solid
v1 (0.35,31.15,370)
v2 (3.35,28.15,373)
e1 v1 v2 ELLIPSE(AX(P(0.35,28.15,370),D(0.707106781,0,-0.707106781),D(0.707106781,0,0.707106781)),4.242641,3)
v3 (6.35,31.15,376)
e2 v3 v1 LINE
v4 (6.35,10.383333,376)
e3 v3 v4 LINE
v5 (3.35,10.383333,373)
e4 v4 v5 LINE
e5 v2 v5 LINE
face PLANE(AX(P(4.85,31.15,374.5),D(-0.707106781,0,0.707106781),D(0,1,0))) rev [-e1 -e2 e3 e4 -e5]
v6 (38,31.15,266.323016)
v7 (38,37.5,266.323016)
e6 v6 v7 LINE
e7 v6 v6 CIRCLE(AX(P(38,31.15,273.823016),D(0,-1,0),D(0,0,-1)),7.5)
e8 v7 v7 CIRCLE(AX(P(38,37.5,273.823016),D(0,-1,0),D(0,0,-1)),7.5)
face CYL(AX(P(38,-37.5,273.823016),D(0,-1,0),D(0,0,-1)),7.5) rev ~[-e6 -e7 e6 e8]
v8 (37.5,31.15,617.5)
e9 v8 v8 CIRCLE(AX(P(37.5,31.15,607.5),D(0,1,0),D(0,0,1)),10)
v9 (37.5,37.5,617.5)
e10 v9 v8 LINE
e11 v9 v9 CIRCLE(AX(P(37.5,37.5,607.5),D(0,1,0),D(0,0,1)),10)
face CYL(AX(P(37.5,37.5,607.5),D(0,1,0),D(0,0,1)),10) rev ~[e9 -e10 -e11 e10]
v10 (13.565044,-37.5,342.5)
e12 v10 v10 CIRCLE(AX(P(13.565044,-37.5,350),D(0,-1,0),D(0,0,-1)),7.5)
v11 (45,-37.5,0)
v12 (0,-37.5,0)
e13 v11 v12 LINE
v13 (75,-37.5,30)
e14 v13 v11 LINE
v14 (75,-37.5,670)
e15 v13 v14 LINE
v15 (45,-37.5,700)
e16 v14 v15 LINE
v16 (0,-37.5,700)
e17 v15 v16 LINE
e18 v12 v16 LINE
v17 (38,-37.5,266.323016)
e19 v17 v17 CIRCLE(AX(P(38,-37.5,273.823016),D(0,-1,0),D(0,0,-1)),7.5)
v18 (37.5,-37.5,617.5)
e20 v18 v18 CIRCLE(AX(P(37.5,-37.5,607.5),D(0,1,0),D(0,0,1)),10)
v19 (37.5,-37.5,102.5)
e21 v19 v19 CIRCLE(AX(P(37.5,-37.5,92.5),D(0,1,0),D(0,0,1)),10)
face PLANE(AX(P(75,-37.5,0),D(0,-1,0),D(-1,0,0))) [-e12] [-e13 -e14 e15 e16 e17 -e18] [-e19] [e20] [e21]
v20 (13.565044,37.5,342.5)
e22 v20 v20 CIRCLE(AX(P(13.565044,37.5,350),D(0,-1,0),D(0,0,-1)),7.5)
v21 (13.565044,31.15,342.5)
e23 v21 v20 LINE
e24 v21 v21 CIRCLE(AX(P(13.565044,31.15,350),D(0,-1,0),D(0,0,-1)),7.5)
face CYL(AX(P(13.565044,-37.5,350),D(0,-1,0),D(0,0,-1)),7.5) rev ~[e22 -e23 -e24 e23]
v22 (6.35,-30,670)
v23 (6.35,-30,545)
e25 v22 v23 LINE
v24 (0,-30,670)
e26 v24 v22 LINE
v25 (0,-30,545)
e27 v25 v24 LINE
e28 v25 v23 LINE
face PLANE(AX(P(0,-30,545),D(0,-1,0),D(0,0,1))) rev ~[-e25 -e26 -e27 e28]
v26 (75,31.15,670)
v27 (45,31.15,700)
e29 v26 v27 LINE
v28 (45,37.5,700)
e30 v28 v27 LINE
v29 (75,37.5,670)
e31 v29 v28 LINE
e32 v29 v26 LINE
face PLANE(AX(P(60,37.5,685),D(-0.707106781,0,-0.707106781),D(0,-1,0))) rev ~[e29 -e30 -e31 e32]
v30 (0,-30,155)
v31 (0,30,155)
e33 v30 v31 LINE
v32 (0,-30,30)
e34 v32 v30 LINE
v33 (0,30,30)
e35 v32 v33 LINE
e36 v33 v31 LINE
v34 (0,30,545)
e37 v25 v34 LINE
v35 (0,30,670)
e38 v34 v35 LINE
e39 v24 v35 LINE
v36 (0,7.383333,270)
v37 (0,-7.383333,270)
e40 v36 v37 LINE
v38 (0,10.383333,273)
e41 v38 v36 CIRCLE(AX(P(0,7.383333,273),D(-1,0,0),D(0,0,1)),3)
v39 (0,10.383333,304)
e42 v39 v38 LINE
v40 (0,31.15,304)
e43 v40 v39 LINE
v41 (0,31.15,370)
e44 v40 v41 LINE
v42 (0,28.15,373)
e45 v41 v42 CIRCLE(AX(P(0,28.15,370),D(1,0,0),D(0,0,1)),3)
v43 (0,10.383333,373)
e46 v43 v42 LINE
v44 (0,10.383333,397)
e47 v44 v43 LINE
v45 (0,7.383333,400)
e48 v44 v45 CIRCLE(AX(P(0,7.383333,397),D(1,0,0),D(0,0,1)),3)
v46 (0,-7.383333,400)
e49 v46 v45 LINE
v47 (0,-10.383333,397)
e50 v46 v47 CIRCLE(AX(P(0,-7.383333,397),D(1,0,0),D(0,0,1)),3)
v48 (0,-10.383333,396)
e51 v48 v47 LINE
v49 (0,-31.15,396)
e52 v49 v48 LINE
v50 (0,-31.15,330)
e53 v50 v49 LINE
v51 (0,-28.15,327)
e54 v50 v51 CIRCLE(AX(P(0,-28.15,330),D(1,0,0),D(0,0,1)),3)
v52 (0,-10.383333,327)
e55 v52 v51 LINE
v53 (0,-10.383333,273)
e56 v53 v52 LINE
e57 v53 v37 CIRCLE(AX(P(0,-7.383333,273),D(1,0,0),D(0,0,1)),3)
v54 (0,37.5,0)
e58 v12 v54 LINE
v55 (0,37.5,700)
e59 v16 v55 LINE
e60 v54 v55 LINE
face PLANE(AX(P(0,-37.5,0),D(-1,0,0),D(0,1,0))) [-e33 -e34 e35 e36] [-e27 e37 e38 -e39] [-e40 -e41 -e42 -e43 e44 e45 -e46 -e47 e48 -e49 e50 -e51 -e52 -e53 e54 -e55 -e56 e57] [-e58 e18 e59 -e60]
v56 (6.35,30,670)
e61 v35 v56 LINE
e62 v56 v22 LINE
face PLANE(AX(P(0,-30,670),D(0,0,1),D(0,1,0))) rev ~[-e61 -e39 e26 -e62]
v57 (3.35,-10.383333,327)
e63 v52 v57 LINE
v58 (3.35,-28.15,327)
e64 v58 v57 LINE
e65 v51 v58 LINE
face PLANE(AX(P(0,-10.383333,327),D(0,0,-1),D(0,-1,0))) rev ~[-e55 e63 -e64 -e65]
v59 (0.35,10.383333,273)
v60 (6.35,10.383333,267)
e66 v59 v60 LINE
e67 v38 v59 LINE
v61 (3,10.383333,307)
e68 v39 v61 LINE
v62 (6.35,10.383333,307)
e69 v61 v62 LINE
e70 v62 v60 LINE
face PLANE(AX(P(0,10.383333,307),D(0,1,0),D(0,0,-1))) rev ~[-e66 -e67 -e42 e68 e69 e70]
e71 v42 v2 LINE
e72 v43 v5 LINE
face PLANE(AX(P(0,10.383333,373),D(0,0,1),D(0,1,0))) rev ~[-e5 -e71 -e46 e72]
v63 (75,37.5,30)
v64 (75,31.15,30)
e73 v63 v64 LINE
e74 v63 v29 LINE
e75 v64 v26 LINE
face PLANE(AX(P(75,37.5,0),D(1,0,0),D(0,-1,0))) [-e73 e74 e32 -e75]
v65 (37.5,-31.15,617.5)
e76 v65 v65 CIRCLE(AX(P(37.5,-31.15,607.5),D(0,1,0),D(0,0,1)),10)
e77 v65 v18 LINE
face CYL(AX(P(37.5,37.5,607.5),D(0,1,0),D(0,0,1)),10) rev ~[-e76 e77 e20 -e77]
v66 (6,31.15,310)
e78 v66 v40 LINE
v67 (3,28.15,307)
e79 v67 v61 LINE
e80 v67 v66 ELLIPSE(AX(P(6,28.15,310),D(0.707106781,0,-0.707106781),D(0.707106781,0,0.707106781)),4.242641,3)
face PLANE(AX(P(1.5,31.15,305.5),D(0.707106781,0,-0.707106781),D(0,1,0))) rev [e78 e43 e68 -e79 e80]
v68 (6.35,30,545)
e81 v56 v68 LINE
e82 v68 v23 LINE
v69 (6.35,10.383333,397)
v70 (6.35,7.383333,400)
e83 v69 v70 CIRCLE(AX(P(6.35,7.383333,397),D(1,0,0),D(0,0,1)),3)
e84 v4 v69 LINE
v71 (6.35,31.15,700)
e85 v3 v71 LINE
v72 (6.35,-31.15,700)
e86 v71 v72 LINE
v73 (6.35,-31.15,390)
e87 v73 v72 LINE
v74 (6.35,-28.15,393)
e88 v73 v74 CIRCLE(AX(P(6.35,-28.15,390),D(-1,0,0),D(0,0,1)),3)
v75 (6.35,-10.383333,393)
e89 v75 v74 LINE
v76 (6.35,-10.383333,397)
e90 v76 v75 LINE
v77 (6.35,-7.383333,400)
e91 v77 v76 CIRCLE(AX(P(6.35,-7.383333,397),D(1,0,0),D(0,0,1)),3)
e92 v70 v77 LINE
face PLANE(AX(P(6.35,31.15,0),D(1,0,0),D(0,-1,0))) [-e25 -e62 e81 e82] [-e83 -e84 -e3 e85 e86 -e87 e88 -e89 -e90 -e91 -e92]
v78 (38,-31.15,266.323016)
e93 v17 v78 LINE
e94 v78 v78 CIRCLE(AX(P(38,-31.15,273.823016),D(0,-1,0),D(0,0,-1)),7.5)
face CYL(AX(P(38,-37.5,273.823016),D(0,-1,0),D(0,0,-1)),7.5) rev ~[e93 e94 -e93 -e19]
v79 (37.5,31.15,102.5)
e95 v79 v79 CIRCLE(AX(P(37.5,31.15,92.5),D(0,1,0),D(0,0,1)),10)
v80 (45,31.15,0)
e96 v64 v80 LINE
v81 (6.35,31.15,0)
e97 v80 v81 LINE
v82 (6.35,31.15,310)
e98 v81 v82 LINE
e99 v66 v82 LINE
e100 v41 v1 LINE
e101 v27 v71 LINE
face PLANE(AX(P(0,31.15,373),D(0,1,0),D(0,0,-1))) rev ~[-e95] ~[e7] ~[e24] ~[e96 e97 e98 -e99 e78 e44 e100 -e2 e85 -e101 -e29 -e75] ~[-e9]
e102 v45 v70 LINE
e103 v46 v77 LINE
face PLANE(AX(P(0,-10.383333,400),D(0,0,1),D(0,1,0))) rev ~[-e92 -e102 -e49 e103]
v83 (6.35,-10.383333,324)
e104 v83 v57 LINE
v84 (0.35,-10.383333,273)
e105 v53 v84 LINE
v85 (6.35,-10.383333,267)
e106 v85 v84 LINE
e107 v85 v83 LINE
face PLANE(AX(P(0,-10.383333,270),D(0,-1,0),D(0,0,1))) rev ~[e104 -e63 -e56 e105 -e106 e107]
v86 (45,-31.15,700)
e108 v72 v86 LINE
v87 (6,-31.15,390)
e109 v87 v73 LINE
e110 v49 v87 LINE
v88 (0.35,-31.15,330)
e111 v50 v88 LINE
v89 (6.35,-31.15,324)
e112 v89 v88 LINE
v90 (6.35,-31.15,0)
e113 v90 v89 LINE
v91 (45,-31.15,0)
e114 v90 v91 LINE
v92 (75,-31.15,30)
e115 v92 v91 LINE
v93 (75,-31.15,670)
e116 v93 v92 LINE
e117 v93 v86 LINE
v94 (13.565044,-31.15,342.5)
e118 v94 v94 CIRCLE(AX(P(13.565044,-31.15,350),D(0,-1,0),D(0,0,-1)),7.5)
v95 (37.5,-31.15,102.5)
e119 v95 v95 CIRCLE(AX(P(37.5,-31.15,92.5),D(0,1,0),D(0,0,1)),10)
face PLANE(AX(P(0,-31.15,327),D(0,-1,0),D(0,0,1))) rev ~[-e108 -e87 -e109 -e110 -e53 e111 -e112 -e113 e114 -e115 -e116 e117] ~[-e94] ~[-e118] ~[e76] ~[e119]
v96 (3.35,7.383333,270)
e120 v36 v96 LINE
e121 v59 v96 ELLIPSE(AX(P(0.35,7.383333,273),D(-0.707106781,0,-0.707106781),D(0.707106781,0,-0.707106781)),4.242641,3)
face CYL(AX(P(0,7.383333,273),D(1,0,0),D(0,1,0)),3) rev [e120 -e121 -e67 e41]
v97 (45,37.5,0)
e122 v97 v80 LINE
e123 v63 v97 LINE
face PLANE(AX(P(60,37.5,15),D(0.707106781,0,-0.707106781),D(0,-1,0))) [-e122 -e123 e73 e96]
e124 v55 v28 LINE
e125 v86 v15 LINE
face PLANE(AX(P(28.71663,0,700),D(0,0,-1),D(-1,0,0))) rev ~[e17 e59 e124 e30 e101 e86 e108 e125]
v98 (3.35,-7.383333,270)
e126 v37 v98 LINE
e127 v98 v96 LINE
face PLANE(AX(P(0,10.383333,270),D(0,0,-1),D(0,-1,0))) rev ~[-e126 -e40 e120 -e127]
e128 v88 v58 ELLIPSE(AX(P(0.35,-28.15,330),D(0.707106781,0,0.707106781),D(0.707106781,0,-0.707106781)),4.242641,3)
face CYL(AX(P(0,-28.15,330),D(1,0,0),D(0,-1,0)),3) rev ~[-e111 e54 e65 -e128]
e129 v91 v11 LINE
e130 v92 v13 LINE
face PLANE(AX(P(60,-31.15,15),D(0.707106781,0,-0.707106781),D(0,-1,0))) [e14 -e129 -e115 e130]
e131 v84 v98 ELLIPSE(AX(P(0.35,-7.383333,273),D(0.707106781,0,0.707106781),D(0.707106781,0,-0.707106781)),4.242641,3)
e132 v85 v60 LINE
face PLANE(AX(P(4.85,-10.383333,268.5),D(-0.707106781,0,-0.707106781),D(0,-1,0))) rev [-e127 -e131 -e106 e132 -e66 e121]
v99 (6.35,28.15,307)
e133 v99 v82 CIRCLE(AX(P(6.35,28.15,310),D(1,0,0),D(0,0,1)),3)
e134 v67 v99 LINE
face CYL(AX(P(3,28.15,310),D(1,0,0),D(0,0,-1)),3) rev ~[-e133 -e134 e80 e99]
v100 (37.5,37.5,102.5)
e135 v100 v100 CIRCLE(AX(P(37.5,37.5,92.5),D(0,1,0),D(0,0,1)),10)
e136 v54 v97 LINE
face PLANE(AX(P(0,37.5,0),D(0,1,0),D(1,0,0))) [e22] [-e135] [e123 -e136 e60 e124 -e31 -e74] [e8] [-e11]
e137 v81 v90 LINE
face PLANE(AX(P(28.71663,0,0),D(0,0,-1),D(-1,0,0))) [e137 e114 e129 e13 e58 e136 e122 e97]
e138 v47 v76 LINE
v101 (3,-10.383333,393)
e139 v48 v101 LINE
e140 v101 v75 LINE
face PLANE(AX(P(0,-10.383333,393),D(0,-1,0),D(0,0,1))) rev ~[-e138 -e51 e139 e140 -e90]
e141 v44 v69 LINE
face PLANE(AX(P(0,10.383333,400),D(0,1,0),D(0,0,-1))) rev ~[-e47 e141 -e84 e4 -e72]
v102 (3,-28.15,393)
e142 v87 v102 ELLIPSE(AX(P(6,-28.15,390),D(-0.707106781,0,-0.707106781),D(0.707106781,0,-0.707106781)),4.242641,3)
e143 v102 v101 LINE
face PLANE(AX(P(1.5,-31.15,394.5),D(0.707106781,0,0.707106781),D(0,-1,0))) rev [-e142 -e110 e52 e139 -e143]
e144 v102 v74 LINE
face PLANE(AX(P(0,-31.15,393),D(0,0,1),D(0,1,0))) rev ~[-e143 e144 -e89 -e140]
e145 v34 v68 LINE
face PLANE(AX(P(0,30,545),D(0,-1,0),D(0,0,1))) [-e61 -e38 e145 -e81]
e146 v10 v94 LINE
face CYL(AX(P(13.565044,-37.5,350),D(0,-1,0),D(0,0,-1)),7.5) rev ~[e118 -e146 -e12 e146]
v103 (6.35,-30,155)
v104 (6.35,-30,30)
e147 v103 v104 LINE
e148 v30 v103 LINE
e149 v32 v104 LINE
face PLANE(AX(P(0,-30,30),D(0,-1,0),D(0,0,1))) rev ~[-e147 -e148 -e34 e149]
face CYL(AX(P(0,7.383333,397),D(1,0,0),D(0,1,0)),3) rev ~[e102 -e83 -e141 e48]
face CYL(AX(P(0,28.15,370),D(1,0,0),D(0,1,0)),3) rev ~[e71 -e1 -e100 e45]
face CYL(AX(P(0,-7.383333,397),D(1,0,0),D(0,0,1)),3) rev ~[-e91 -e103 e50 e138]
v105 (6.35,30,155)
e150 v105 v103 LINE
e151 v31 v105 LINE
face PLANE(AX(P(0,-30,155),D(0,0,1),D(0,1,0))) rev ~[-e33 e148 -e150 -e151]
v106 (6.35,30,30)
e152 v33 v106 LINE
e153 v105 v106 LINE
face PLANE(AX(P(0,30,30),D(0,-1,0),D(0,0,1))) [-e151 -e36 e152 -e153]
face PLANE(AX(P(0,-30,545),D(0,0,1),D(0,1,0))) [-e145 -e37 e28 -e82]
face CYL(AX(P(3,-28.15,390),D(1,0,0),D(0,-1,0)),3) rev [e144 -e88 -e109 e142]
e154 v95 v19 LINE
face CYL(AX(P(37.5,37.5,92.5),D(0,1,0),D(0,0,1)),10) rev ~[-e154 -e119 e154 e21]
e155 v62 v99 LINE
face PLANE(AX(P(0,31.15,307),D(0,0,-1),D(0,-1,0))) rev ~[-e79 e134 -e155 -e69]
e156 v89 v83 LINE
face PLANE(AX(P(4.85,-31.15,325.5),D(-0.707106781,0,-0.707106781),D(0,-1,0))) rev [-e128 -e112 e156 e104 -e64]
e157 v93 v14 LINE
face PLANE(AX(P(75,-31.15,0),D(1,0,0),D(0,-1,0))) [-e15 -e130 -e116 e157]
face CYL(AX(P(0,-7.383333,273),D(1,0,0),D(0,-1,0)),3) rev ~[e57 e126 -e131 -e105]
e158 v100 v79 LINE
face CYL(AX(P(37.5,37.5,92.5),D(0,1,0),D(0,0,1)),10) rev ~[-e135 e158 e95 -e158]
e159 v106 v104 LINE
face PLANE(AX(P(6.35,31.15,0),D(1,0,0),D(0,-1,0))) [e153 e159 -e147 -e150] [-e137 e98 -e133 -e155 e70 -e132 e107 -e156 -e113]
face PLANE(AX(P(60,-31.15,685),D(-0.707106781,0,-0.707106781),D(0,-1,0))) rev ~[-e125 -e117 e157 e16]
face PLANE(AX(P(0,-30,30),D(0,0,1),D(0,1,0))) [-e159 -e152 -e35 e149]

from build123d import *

# Parameters (mm, degrees)
BOSS_EXTRUDE1_DEPTH = 700
SKETCH3_W           = 125
SKETCH3_H           = 60
CUT_EXTRUDE1_DEPTH  = 706.00443261
CHAMFER1_SIZE       = 30
SKETCH4_R           = 10
CUT_EXTRUDE2_DEPTH  = 708.990112925
SKETCH5_R           = 7.5
CUT_EXTRUDE3_DEPTH  = 708.990112925
CHAMFER2_SIZE       = 3
FILLET1_R           = 3


with BuildPart() as part:
    # Sketch1 → Boss-Extrude1 (new body)
    with BuildSketch(Plane.XY):
        Polygon((0, -37.5), (0, 37.5), (75, 37.5), (75, 31.15), (6.35, 31.15), (6.35, -31.15), (75, -31.15), (75, -37.5), align=None)
    extrude(amount=BOSS_EXTRUDE1_DEPTH)

    # Sketch3 → Cut-Extrude1 (cut, through all)
    with BuildSketch(Plane.ZY):
        with Locations((92.5, 0)):
            Rectangle(SKETCH3_W, SKETCH3_H)
        with Locations((607.5, 0)):
            Rectangle(SKETCH3_W, SKETCH3_H)
        Polygon((400, 10.383333333), (373, 10.383333333), (373, 31.15), (327, 31.15), (307, 31.15), (307, 10.383333333), (300, 10.383333333), (270, 10.383333333), (270, -10.383333333), (300, -10.383333333), (327, -10.383333333), (327, -31.15), (373, -31.15), (393, -31.15), (393, -10.383333333), (400, -10.383333333), align=None)
    extrude(amount=-CUT_EXTRUDE1_DEPTH, mode=Mode.SUBTRACT)

    # Chamfer1
    chamfer1_edges = [part.edges().sort_by_distance(p)[0] for p in [
        (75, -34.325, 0),
        (75, 34.325, 700),
        (75, -34.325, 700),
        (75, 34.325, 0),
    ]]
    chamfer(chamfer1_edges, length=CHAMFER1_SIZE)

    # Sketch4 → Cut-Extrude2 (cut, through all)
    with BuildSketch(Plane(origin=(0, 37.5, 0), x_dir=(1, 0, 0), z_dir=(0, 1, 0))):
        with Locations(Location((37.5, -607.5, 0), (0, 0, 270))):
            Circle(SKETCH4_R)
        with Locations(Location((37.5, -92.5, 0), (0, 0, 270))):
            Circle(SKETCH4_R)
    extrude(amount=-CUT_EXTRUDE2_DEPTH, mode=Mode.SUBTRACT)

    # Sketch5 → Cut-Extrude3 (cut, through all)
    with BuildSketch(Plane.XZ.offset(37.5)):
        with Locations(Location((38, 273.823015652, 0), (0, 0, 270))):
            Circle(SKETCH5_R)
        with Locations(Location((13.565044391, 350, 0), (0, 0, 270))):
            Circle(SKETCH5_R)
    extrude(amount=-CUT_EXTRUDE3_DEPTH, mode=Mode.SUBTRACT)

    # Chamfer2
    chamfer2_edges = [part.edges().sort_by_distance(p)[0] for p in [
        (6.35, -20.766666667, 327),
        (6.35, 0, 270),
        (6.35, 20.766666667, 373),
        (0, -20.766666667, 393),
        (0, 20.766666667, 307),
    ]]
    chamfer(chamfer2_edges, length=CHAMFER2_SIZE)

    # Fillet1
    fillet1_edges = [part.edges().sort_by_distance(p)[0] for p in [
        (1.675, 10.383333333, 270),
        (1.675, -10.383333333, 270),
        (1.675, 31.15, 373),
        (1.675, -31.15, 327),
        (4.675, -31.15, 393),
        (4.675, 31.15, 307),
        (3.175, 10.383333333, 400),
        (3.175, -10.383333333, 400),
    ]]
    fillet(fillet1_edges, radius=FILLET1_R)


solid = part.part
